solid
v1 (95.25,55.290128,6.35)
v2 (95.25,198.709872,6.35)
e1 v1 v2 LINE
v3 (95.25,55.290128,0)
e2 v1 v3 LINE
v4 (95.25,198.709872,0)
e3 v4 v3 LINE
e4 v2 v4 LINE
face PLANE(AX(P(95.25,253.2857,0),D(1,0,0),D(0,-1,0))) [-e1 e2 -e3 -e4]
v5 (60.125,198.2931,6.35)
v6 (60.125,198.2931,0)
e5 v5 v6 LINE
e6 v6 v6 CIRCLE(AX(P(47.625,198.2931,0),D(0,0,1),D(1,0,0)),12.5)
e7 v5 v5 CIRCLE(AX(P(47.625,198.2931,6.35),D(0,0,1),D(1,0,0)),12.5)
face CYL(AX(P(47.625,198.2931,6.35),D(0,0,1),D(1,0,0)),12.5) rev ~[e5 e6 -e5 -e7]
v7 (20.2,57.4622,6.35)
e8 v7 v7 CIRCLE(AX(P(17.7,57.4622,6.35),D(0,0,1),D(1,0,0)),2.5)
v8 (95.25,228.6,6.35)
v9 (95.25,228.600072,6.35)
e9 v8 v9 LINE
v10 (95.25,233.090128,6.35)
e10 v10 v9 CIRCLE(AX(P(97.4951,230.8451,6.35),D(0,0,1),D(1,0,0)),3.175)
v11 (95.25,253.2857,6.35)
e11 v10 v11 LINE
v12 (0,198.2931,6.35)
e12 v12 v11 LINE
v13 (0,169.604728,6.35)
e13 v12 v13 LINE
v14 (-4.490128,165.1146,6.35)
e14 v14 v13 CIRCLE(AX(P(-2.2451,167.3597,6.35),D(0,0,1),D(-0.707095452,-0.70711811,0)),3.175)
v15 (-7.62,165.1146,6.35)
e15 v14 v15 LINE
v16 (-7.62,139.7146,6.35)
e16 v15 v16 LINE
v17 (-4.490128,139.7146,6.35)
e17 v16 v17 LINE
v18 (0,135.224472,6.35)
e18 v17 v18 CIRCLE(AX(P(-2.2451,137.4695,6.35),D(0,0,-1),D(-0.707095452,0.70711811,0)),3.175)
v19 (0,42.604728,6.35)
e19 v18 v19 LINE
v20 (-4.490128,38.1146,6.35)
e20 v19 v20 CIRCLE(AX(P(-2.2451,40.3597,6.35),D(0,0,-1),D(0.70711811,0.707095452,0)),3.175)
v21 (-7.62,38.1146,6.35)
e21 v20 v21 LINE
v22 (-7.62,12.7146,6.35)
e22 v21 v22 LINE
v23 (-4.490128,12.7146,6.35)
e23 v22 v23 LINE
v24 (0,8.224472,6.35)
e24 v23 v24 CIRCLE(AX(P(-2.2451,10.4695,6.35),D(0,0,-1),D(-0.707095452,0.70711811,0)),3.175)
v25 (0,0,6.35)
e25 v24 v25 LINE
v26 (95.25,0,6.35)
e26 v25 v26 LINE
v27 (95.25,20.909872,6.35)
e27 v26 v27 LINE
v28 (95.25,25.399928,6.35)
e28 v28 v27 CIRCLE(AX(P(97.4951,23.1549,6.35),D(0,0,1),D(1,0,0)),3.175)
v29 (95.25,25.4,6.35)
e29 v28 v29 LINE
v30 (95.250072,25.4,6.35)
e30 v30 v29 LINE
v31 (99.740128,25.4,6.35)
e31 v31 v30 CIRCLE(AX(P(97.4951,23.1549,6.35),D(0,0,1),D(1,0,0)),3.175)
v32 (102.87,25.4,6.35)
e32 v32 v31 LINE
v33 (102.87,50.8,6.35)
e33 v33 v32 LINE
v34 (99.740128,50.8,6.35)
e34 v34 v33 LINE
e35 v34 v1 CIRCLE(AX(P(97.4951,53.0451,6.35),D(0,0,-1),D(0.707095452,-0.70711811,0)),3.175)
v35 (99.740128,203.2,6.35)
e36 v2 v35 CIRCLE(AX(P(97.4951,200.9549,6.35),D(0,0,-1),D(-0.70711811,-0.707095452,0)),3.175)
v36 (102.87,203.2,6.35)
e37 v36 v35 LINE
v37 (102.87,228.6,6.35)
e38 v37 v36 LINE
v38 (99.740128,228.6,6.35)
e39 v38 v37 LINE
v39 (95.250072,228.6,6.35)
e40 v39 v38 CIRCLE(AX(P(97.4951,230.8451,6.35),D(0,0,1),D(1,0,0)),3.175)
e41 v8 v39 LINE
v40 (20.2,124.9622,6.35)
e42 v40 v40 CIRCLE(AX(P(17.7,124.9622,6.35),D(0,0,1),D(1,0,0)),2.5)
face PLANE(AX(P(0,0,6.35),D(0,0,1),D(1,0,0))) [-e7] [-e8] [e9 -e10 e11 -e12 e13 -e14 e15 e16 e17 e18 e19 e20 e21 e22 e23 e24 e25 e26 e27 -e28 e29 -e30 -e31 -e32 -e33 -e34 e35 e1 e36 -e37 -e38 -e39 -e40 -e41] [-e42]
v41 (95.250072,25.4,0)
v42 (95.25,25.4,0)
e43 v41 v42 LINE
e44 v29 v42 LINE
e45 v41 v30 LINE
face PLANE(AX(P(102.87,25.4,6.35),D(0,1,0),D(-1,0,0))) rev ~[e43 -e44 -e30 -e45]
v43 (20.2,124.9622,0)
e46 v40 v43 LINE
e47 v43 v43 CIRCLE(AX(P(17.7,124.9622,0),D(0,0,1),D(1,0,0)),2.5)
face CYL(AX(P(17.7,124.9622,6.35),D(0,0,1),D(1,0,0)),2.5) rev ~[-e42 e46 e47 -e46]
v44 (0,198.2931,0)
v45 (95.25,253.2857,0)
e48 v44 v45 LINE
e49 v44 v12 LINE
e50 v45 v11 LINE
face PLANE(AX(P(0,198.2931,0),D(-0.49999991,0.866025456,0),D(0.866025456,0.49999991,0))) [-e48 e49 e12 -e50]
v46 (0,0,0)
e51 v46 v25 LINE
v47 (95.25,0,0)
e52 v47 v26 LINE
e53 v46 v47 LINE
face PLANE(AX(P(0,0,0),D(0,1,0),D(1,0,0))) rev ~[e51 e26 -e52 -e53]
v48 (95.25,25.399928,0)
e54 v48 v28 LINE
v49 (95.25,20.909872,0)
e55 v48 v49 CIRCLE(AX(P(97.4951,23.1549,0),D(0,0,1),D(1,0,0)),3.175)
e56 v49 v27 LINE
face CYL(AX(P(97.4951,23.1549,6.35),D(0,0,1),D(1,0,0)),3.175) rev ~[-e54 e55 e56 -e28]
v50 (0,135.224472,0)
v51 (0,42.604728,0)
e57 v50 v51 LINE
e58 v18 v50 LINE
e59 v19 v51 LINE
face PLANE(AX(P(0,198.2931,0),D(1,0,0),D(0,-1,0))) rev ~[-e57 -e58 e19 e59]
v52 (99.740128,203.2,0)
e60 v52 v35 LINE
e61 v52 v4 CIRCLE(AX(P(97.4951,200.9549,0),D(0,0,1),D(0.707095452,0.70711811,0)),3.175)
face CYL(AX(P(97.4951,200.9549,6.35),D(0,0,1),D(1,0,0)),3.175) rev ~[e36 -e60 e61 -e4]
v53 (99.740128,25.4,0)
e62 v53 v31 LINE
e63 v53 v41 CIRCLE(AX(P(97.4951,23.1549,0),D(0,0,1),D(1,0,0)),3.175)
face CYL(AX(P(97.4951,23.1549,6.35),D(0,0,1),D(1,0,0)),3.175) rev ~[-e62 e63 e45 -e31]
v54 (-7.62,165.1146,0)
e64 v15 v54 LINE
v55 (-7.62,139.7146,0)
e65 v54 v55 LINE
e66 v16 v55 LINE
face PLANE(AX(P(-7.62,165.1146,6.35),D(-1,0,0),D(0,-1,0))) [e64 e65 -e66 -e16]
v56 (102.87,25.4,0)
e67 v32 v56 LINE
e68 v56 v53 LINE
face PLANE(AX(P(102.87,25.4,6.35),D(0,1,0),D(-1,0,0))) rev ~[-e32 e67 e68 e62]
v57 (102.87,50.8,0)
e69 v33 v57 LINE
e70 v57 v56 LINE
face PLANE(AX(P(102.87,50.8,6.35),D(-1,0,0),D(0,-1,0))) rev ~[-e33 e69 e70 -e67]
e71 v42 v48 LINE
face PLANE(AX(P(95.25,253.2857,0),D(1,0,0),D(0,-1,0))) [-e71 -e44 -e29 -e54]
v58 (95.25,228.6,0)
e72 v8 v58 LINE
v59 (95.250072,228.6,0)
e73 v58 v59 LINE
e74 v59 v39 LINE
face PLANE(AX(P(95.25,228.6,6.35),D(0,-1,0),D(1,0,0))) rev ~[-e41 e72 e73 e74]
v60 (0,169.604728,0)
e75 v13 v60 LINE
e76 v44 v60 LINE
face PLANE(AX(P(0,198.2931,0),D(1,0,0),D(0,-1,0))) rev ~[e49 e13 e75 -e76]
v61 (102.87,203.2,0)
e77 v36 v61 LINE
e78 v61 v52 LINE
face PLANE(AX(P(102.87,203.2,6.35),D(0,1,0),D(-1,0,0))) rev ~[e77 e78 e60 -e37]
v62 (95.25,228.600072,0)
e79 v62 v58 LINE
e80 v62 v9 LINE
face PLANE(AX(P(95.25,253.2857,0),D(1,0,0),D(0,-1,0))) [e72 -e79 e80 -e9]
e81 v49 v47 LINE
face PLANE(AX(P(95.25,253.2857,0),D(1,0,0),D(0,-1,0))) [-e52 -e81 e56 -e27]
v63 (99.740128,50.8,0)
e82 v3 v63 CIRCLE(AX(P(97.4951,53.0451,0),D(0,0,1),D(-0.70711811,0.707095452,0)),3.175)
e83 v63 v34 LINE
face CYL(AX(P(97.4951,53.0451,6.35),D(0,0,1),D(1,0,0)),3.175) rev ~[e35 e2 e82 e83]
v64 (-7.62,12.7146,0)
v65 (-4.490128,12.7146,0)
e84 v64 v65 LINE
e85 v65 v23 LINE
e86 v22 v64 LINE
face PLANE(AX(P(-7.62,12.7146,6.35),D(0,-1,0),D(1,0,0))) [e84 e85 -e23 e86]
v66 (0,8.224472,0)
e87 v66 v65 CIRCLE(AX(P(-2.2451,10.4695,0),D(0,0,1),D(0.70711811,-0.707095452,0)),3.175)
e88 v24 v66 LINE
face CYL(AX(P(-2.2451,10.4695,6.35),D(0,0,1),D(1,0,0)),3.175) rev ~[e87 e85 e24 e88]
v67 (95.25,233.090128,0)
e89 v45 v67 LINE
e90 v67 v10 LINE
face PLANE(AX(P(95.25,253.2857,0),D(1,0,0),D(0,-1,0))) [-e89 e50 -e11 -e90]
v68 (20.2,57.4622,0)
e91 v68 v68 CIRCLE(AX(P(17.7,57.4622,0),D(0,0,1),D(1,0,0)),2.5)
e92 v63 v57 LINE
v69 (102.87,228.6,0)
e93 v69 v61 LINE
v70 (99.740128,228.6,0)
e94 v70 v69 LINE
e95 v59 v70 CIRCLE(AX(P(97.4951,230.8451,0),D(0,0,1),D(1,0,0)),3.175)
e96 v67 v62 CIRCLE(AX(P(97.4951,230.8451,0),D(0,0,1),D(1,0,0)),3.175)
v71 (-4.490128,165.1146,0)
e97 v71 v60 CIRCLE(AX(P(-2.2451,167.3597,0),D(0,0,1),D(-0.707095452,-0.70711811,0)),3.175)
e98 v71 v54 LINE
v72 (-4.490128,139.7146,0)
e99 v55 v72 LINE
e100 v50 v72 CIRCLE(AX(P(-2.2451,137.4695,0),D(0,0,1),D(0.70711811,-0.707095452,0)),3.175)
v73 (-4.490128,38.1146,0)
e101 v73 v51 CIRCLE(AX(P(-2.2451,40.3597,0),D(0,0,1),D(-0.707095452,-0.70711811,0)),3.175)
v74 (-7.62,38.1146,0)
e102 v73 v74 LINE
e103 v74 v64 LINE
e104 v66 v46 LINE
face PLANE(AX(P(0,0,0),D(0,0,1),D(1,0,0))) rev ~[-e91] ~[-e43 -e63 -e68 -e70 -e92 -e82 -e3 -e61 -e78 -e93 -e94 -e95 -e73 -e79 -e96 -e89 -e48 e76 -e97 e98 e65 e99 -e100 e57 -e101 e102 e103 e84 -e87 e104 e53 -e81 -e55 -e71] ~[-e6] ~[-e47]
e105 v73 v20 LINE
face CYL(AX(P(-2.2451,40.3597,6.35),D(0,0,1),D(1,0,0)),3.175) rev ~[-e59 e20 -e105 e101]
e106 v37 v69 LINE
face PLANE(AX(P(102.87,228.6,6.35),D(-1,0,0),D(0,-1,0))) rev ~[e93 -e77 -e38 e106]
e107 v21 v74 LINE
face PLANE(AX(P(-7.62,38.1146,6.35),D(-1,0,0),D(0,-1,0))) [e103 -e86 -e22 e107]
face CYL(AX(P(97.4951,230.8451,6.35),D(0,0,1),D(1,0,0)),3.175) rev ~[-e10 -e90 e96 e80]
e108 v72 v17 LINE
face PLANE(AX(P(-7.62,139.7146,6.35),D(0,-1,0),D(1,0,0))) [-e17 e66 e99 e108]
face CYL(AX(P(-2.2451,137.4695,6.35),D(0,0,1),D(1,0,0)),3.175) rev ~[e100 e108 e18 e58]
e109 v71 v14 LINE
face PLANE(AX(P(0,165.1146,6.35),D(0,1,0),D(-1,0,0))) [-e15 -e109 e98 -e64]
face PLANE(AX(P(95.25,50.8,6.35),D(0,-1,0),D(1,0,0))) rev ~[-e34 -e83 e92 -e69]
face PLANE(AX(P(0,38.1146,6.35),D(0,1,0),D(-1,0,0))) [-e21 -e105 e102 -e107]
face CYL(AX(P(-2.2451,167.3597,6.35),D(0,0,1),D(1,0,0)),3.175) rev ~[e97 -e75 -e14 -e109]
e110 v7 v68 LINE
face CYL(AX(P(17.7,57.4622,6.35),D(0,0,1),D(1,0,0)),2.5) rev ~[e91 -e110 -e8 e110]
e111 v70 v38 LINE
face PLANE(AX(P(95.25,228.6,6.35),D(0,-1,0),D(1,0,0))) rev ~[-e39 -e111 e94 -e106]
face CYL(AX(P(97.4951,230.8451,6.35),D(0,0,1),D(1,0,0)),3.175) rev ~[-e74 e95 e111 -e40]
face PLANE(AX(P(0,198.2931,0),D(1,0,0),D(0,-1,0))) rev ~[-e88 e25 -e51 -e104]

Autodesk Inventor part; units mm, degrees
ref_plane "YZ Plane" through (0, 0, 0) normal (1, 0, 0) x (0, 1, 0)
ref_plane "XZ Plane" through (0, 0, 0) normal (0, 1, 0) x (-1, 0, 0)
ref_plane "XY Plane" through (0, 0, 0) normal (0, 0, 1) x (1, 0, 0)
sketch "Sketch1" plane through (0, 0, 0) normal (0, 0, 1) x (1, 0, 0)
  line L0 (0, 0) -> (95.25, 0)
  line L1 (95.25, 0) -> (95.25, 198.2931)
  line L2 (95.25, 198.2931) -> (0, 198.2931)
  line L3 (0, 198.2931) -> (0, 0)
  line L4 (0, 198.2931) -> (95.25, 253.2857)
  line L5 (95.25, 253.2857) -> (95.25, 198.2646)
  dimension "d0" = 95.25
  dimension "d1" = 198.293
  dimension "d2" = 60
extrude "Extrusion1" add sketch "Sketch1" along normal blind 6.35
sketch "Sketch2" plane through (0, 0, 6.35) normal (0, 0, 1) x (1, 0, 0)
  line L0 (0, 198.2931) -> (0, 0) projected
  line L1 (0, 38.1146) -> (-7.62, 38.1146)
  line L2 (-7.62, 38.1146) -> (-7.62, 12.7146)
  line L3 (-7.62, 12.7146) -> (0, 12.7146)
  line L4 (0, 12.7146) -> (0, 38.1146)
  line L5 (0, 165.1146) -> (-7.62, 165.1146)
  line L6 (-7.62, 165.1146) -> (-7.62, 139.7146)
  line L7 (-7.62, 139.7146) -> (0, 139.7146)
  line L8 (0, 139.7146) -> (0, 165.1146)
  line L9 (0, 0) -> (95.25, 0) projected
  dimension "d5" = 7.62
  dimension "d6" = 25.4
  dimension "d7" = 25.4
  dimension "d8" = 101.6
  dimension "d9" = 12.7146
extrude "Extrusion2" add sketch "Sketch2" against normal blind 6.35
sketch "Sketch3" plane through (0, 0, 6.35) normal (0, 0, 1) x (1, 0, 0)
  line L0 (95.25, 0) -> (95.25, 253.2857) projected
  line L1 (95.25, 228.6) -> (102.87, 228.6)
  line L2 (102.87, 228.6) -> (102.87, 203.2)
  line L3 (102.87, 203.2) -> (95.25, 203.2)
  line L4 (95.25, 203.2) -> (95.25, 228.6)
  line L5 (95.25, 50.8) -> (102.87, 50.8)
  line L6 (102.87, 50.8) -> (102.87, 25.4)
  line L7 (102.87, 25.4) -> (95.25, 25.4)
  line L8 (95.25, 25.4) -> (95.25, 50.8)
  line L9 (102.87, 215.9) -> (102.87, 38.1) construction
  line L10 (0, 0) -> (95.25, 0) projected
  point P0 (102.87, 127)
  point P1 (95.25, 126.6428)
  dimension "d13" = 25.4
  dimension "d14" = 7.62
  dimension "d15" = 25.4
  dimension "d16" = 177.8
  dimension "d19" = 25.4
extrude "Extrusion3" add sketch "Sketch3" against normal blind 6.35
sketch "Sketch4" plane through (0, 0, 6.35) normal (0, 0, 1) x (1, 0, 0)
  circle A0 centre (17.7, 124.9622) radius 2.5
  circle A1 centre (17.7, 57.4622) radius 2.5
  line L0 (0, 139.7146) -> (0, 38.1146) projected
  line L1 (0, 0) -> (95.25, 0) projected
  dimension "d20" = 5
  dimension "d21" = 5
  dimension "d22" = 17.7
  dimension "d23" = 67.5
  dimension "d24" = 57.4622
extrude "Extrusion4" cut sketch "Sketch4" against normal through all
sketch "Sketch5" plane through (0, 0, 6.35) normal (0, 0, 1) x (1, 0, 0)
  circle A0 centre (47.625, 198.2931) radius 12.5
  line L0 (0, 0) -> (95.25, 0) projected
  point P0 (0, 198.2931)
  point P1 (47.625, 0)
  dimension "d27" = 25
extrude "Extrusion5" cut sketch "Sketch5" against normal through all
sketch "Sketch6" plane through (0, 0, 6.35) normal (0, 0, 1) x (1, 0, 0)
  circle A0 centre (47.625, 198.2931) radius 12.5 construction
  circle A1 centre (17.7, 124.9622) radius 2.5 construction
  circle A2 centre (17.7, 57.4622) radius 2.5 construction
  line L0 (95.25, 0) -> (95.25, 25.4) construction
  line L1 (95.25, 25.4) -> (102.87, 25.4) construction
  line L2 (102.87, 25.4) -> (102.87, 50.8) construction
  line L3 (102.87, 50.8) -> (95.25, 50.8) construction
  line L4 (95.25, 50.8) -> (95.25, 203.2) construction
  line L5 (95.25, 203.2) -> (102.87, 203.2) construction
  line L6 (102.87, 203.2) -> (102.87, 228.6) construction
  line L7 (102.87, 228.6) -> (95.25, 228.6) construction
  line L8 (95.25, 228.6) -> (95.25, 253.2857) construction
  line L9 (95.25, 253.2857) -> (0, 198.2931) construction
  line L10 (0, 198.2931) -> (0, 165.1146) construction
  line L11 (0, 165.1146) -> (-7.62, 165.1146) construction
  line L12 (-7.62, 165.1146) -> (-7.62, 139.7146) construction
  line L13 (-7.62, 139.7146) -> (0, 139.7146) construction
  line L14 (0, 139.7146) -> (0, 38.1146) construction
  line L15 (0, 38.1146) -> (-7.62, 38.1146) construction
  line L16 (-7.62, 38.1146) -> (-7.62, 12.7146) construction
  line L17 (-7.62, 12.7146) -> (0, 12.7146) construction
  line L18 (0, 12.7146) -> (0, 0) construction
  line L19 (0, 0) -> (95.25, 0) construction
  line L20 (-2.2451, 167.3597) -> (-2.2451, 199.5892) construction
  line L21 (-2.2451, 199.5892) -> (97.4951, 257.1742) construction
  line L22 (97.4951, 257.1742) -> (97.4951, 230.8451) construction
  line L23 (97.4951, 230.8451) -> (105.1151, 230.8451) construction
  line L24 (105.1151, 230.8451) -> (105.1151, 200.9549) construction
  line L25 (105.1151, 200.9549) -> (97.4951, 200.9549) construction
  line L26 (97.4951, 200.9549) -> (97.4951, 53.0451) construction
  line L27 (97.4951, 53.0451) -> (105.1151, 53.0451) construction
  line L28 (105.1151, 53.0451) -> (105.1151, 23.1549) construction
  line L29 (105.1151, 23.1549) -> (97.4951, 23.1549) construction
  line L30 (97.4951, 23.1549) -> (97.4951, -2.2451) construction
  line L31 (97.4951, -2.2451) -> (-2.2451, -2.2451) construction
  line L32 (-2.2451, -2.2451) -> (-2.2451, 10.4695) construction
  line L33 (-2.2451, 10.4695) -> (-9.8651, 10.4695) construction
  line L34 (-9.8651, 10.4695) -> (-9.8651, 40.3597) construction
  line L35 (-9.8651, 40.3597) -> (-2.2451, 40.3597) construction
  line L36 (-2.2451, 40.3597) -> (-2.2451, 137.4695) construction
  line L37 (-2.2451, 137.4695) -> (-9.8651, 137.4695) construction
  line L38 (-9.8651, 137.4695) -> (-9.8651, 167.3597) construction
  line L39 (-9.8651, 167.3597) -> (-2.2451, 167.3597) construction
  circle A3 centre (97.4951, 230.8451) radius 3.175
  line L40 (95.25, 50.8) -> (95.25, 203.2) projected
  circle A4 centre (97.4951, 200.9549) radius 3.175
  circle A5 centre (97.4951, 53.0451) radius 3.175
  circle A6 centre (97.4951, 23.1549) radius 3.175
  line L41 (0, 12.7146) -> (0, 0) projected
  circle A7 centre (-2.2451, 10.4695) radius 3.175
  line L42 (0, 139.7146) -> (0, 38.1146) projected
  circle A8 centre (-2.2451, 40.3597) radius 3.175
  circle A9 centre (-2.2451, 137.4695) radius 3.175
  line L43 (0, 198.2931) -> (0, 165.1146) projected
  circle A10 centre (-2.2451, 167.3597) radius 3.175
  dimension "d30" = 6.35
extrude "Extrusion6" cut sketch "Sketch6" against normal through all
equation "\"d3\" = Panel_Thickness"
equation "\"d5\" = Panel_Thickness + Fit_Tolerance"
equation "\"d10\" = Panel_Thickness"
equation "\"d14\" = Panel_Thickness + Fit_Tolerance"
equation "\"d17\" = Panel_Thickness"
equation "\"d25\" = Panel_Thickness"
equation "\"d28\" = Panel_Thickness"
equation "\"d30\" = Tool_Dia"
equation "\"d31\" = Panel_Thickness"
equation "\"Panel_Thickness\" = 6.35"
equation "\"Fit_Tolerance\" = 1.27"
equation "\"Tool_Dia\" = 6.35"
properties part number "BA23" material "Polyethylene, High Density"
